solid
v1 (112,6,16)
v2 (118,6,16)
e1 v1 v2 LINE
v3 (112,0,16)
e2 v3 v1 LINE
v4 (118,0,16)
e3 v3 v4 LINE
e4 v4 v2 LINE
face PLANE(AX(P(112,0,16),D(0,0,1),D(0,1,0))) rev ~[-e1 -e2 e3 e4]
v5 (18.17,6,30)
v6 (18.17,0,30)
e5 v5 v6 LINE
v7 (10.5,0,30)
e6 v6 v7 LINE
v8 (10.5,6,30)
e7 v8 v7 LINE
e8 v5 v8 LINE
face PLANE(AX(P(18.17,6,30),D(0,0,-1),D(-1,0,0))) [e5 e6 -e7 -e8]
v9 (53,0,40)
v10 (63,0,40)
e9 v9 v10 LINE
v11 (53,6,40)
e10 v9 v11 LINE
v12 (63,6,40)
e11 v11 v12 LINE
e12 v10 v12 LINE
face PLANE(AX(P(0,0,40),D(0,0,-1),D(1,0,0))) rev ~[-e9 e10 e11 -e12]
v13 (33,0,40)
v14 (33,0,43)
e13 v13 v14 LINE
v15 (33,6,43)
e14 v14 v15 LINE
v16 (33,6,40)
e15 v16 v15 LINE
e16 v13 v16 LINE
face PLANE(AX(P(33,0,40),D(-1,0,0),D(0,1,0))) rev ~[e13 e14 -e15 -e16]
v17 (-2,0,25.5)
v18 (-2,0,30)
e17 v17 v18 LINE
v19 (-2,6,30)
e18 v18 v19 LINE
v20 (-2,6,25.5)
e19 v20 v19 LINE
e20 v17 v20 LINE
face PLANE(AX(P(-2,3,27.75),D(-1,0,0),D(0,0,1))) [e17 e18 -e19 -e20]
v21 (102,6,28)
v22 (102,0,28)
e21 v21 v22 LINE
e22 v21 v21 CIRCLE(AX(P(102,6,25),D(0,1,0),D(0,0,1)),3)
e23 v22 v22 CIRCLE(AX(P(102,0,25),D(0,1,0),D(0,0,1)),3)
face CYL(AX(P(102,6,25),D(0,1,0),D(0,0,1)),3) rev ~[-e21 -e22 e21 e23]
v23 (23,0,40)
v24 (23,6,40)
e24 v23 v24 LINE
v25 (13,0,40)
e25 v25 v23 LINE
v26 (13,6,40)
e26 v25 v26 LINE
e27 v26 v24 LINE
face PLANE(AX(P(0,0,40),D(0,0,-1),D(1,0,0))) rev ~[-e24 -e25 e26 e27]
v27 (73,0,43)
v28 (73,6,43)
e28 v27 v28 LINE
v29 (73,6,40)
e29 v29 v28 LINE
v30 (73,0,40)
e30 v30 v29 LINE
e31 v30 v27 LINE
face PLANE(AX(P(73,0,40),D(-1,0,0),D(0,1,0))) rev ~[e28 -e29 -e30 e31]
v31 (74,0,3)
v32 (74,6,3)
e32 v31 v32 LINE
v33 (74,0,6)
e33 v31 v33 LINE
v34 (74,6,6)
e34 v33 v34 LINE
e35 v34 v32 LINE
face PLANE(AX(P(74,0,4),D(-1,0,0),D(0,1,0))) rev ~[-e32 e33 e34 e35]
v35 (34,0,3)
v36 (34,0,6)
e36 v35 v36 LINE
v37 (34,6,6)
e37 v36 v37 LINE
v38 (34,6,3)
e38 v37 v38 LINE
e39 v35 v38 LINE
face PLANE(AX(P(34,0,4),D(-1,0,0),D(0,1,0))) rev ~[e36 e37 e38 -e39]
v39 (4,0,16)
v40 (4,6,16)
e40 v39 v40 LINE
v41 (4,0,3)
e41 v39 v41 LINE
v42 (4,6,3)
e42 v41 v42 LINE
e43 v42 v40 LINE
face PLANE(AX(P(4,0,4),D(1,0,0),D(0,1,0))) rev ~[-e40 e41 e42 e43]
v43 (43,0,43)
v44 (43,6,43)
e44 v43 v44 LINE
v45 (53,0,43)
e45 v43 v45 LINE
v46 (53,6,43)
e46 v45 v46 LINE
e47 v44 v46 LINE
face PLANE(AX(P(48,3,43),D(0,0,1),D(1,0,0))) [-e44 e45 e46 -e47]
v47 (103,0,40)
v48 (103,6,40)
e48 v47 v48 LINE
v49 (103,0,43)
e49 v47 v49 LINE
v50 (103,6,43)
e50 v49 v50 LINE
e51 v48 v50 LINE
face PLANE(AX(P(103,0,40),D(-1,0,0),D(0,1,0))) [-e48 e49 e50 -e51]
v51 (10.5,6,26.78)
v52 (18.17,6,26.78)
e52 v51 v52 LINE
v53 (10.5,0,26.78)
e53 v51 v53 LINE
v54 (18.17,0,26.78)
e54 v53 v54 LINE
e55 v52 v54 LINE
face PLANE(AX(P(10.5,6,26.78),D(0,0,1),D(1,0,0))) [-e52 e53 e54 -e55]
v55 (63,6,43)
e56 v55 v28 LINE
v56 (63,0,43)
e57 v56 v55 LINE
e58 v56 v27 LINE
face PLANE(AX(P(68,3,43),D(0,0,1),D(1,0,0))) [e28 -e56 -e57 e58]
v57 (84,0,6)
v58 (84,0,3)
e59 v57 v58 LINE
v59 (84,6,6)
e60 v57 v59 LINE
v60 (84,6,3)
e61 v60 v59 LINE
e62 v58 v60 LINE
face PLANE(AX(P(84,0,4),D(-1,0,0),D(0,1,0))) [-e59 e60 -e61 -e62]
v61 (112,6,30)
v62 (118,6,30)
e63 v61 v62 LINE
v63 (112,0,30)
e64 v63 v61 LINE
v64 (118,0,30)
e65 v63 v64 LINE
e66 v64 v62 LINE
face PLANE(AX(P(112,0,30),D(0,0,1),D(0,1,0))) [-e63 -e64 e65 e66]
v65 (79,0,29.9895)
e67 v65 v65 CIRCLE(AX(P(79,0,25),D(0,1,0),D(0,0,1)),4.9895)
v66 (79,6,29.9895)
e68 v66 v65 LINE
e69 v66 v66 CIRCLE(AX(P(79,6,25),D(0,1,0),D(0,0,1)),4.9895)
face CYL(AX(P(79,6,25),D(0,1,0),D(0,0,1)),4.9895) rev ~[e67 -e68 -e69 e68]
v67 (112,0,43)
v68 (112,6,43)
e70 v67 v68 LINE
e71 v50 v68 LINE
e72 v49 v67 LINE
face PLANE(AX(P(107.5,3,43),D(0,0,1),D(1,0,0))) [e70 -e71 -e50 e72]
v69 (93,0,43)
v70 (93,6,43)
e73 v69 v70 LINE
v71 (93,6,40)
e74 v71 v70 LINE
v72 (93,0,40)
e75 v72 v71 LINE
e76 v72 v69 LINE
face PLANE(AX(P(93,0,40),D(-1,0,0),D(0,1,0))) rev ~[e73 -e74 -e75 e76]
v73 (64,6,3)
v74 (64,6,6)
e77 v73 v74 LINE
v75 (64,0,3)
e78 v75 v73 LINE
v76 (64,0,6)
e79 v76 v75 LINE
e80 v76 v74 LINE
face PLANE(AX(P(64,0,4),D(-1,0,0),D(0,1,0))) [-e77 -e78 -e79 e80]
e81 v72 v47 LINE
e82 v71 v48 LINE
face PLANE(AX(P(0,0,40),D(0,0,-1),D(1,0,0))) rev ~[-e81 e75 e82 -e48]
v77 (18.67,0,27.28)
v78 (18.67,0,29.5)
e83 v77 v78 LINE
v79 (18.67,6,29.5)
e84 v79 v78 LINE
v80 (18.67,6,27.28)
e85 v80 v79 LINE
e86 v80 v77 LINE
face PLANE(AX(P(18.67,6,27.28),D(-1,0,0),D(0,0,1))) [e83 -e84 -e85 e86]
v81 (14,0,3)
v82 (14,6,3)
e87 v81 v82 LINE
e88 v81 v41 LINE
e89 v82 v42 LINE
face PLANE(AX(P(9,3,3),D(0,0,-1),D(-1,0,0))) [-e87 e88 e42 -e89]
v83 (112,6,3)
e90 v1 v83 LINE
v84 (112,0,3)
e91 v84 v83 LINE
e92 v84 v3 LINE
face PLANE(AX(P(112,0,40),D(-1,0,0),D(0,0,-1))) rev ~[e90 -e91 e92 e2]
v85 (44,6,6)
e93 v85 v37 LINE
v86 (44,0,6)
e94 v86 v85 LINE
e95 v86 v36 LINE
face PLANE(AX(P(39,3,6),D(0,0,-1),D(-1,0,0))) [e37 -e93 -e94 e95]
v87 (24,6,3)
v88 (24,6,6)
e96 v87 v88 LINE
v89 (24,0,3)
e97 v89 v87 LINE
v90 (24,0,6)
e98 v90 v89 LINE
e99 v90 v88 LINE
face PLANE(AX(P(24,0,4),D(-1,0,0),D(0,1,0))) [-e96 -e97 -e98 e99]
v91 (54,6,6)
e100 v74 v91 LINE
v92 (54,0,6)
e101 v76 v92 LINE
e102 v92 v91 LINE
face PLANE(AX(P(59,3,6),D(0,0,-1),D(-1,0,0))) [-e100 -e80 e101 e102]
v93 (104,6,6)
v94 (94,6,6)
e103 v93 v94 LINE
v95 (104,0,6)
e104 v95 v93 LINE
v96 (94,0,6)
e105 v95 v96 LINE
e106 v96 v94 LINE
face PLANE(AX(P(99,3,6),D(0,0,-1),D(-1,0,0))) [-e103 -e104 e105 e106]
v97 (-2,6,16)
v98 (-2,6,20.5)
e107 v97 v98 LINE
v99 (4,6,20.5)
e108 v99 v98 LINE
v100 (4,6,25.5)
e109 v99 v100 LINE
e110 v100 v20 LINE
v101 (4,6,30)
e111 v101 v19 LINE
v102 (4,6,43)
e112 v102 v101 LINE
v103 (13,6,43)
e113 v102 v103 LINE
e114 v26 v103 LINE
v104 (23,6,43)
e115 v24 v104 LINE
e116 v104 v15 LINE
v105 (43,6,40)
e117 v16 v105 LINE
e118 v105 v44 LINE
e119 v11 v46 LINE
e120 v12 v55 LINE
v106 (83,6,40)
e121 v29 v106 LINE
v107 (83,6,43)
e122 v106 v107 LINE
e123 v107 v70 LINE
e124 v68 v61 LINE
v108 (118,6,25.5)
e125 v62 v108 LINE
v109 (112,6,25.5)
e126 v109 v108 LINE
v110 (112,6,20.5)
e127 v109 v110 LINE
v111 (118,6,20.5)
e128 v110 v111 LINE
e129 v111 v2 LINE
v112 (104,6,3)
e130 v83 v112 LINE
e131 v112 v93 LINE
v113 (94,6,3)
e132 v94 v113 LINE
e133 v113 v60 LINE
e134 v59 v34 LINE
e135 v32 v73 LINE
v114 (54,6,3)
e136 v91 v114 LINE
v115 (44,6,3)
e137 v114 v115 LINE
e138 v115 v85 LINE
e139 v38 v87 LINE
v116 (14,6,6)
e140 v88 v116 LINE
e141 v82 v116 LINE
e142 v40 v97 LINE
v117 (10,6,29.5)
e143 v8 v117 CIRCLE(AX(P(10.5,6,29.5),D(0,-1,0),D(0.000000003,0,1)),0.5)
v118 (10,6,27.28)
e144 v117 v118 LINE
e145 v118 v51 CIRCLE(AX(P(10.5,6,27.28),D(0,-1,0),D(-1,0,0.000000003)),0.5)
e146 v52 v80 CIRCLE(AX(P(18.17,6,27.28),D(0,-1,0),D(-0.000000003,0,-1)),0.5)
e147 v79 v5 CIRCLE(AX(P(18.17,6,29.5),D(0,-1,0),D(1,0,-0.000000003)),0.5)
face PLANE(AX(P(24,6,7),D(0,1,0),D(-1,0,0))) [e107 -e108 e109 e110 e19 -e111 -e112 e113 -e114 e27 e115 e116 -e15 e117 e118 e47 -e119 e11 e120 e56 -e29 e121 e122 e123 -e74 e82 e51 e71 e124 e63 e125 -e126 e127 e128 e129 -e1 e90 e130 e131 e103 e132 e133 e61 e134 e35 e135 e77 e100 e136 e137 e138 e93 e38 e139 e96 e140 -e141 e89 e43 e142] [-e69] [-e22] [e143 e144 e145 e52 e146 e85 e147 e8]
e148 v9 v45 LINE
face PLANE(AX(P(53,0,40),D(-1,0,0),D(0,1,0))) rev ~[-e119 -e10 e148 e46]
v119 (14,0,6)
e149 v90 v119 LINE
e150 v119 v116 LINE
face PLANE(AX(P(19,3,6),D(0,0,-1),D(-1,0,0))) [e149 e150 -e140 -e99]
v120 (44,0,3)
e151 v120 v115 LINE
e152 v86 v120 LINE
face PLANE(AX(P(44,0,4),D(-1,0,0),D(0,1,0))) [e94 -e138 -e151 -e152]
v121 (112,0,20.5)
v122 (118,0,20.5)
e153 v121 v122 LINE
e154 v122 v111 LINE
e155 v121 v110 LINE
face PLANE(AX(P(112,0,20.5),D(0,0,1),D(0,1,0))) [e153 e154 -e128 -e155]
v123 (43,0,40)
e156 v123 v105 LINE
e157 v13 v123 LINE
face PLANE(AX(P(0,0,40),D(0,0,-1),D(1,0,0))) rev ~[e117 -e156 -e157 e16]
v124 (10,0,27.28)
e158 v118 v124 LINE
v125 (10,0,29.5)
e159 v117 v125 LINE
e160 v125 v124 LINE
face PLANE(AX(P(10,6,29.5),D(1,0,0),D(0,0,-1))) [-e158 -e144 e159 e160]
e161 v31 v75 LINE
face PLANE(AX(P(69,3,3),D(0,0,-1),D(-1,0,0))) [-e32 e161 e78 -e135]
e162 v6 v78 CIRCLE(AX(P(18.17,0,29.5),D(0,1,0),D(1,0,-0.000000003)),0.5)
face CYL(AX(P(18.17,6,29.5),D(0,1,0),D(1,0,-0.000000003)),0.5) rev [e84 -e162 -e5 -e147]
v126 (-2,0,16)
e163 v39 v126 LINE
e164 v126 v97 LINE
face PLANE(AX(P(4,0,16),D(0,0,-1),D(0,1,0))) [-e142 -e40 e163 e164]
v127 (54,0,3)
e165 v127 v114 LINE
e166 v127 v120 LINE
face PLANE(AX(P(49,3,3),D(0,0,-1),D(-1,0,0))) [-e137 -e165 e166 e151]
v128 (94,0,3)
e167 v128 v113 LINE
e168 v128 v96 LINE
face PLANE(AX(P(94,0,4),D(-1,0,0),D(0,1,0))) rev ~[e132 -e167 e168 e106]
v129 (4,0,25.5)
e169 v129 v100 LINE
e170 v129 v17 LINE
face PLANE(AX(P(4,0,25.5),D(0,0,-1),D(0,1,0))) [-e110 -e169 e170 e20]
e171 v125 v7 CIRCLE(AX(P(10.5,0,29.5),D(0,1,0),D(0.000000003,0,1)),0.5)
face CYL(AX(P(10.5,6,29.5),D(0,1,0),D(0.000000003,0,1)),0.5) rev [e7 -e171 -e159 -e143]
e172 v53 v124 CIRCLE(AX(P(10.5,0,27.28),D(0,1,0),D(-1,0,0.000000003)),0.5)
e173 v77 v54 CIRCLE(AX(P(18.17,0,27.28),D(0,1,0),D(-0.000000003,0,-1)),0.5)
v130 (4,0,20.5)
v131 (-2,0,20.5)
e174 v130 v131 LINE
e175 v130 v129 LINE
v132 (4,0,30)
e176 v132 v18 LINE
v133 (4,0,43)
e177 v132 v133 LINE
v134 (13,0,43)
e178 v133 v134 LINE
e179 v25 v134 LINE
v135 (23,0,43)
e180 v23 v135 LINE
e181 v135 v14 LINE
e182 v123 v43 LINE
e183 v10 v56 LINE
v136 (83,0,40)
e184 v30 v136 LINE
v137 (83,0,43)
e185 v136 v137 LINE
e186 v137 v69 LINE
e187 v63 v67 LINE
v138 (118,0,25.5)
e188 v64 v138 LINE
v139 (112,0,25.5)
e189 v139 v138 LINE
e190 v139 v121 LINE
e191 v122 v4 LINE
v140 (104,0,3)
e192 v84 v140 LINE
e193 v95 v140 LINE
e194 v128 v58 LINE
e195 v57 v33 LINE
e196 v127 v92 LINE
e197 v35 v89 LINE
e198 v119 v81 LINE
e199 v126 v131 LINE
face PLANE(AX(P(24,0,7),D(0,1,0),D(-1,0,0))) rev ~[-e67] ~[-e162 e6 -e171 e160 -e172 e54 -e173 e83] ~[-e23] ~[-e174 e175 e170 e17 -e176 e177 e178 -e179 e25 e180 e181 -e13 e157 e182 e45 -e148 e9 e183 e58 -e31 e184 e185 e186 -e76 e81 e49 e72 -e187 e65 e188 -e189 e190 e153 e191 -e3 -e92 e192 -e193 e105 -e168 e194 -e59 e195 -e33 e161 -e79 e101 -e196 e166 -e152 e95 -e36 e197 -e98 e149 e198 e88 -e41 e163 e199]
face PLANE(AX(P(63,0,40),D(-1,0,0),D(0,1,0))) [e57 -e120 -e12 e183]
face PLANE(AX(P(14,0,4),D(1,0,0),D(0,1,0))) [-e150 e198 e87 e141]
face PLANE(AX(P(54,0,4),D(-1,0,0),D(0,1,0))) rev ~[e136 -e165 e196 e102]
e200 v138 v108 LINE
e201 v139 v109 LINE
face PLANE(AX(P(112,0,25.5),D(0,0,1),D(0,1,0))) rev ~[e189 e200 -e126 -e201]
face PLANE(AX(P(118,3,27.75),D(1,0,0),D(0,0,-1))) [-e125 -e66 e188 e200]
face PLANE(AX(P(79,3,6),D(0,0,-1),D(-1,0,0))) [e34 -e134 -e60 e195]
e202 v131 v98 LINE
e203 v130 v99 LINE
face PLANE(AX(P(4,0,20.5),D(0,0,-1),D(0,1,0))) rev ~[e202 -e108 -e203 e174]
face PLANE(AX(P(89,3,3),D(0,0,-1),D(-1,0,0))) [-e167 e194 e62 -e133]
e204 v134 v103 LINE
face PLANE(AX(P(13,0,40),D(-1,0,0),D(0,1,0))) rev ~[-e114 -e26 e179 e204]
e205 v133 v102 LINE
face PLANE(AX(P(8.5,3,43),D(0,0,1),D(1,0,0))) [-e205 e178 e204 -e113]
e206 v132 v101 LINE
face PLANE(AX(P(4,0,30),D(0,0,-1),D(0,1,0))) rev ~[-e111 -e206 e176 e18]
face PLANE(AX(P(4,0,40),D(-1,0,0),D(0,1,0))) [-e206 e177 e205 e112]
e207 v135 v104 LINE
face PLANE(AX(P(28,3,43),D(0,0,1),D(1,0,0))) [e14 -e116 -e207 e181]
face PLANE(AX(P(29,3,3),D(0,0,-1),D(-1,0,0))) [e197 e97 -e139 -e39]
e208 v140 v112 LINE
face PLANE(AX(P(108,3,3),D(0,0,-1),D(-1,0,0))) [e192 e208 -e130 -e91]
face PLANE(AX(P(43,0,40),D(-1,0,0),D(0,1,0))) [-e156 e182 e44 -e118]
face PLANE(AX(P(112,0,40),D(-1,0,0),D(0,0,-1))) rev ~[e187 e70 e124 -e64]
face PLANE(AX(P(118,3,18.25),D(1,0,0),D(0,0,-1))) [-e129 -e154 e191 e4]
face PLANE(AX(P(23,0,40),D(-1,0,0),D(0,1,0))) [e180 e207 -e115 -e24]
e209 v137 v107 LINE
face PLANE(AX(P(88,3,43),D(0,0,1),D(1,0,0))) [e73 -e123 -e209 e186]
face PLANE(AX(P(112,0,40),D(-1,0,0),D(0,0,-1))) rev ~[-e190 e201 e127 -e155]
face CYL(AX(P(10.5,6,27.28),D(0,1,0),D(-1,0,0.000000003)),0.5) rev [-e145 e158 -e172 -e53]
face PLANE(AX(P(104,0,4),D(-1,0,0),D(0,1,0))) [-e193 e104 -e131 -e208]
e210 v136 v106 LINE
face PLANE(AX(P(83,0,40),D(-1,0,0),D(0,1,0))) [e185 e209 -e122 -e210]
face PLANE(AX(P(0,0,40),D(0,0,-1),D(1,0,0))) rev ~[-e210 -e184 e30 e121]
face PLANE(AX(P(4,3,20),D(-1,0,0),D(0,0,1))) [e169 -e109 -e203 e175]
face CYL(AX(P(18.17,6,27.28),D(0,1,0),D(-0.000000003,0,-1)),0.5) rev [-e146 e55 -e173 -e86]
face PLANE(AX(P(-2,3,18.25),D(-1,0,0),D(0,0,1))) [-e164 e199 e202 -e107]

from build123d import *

# Parameters (mm, degrees)
SKETCH_1_W          = 112
SKETCH_1_H          = 40
EXTRUDE_1_DEPTH     = 6
SKETCH_2_R          = 3
CUT_EXTRUDE_1_DEPTH = 120.079805173
CUT_EXTRUDE_2_DEPTH = 10
SKETCH_4_R          = 4.9895
CUT_EXTRUDE_3_DEPTH = 120.079805173
SKETCH_6_W          = 4.5
SKETCH_6_H          = 6
EXTRUDE_3_DEPTH     = 6
SKETCH_11_W         = 40
SKETCH_11_H         = 6
CUT_EXTRUDE_4_DEPTH = 4
SKETCH_12_W         = 4.5
SKETCH_12_H         = 6
EXTRUDE_10_DEPTH    = 6
SKETCH_13_W         = 9
SKETCH_13_H         = 6
SKETCH_13_W_2       = 10
EXTRUDE_11_DEPTH    = 3
SKETCH_14_W         = 108
SKETCH_14_H         = 6
CUT_EXTRUDE_5_DEPTH = 2
SKETCH_15_W         = 108
SKETCH_15_H         = 6
CUT_EXTRUDE_6_DEPTH = 2
SKETCH_16_W         = 10
SKETCH_16_H         = 6
CUT_EXTRUDE_7_DEPTH = 3
SKETCH_17_W         = 10
SKETCH_17_H         = 6
SKETCH_17_W_2       = 8
EXTRUDE_12_DEPTH    = 1
SKETCH_18_W         = 10
SKETCH_18_H         = 6
EXTRUDE_13_DEPTH    = 1


with BuildPart() as part:
    # Эскиз1 → Бобышка-Вытянуть1 (new body)
    with BuildSketch(Plane(origin=(0, 0, 0), x_dir=(1, 0, 0), z_dir=(0, 1, 0))):
        with Locations((56, -20)):
            Rectangle(SKETCH_1_W, SKETCH_1_H)
    extrude(amount=EXTRUDE_1_DEPTH)

    # Эскиз2 → Вырез-Вытянуть1 (cut, through all)
    with BuildSketch(Plane(origin=(0, 6, 0), x_dir=(1, 0, 0), z_dir=(0, 1, 0))):
        with Locations(Location((102, -25, 0), (0, 0, 270))):
            Circle(SKETCH_2_R)
    extrude(amount=-CUT_EXTRUDE_1_DEPTH, mode=Mode.SUBTRACT)

    # Эскиз3 → Вырез-Вытянуть2 (cut)
    with BuildSketch(Plane(origin=(0, 6, 0), x_dir=(1, 0, 0), z_dir=(0, 1, 0))):
        with BuildLine():
            Line((10.5, -26.78), (18.17, -26.78))
            ThreePointArc((18.17, -26.78), (18.523553391, -26.926446609), (18.67, -27.28))
            Line((18.67, -27.28), (18.67, -29.5))
            ThreePointArc((18.67, -29.5), (18.523553391, -29.853553391), (18.17, -30))
            Line((18.17, -30), (10.5, -30))
            ThreePointArc((10.5, -30), (10.146446609, -29.853553391), (10, -29.5))
            Line((10, -29.5), (10, -27.28))
            ThreePointArc((10, -27.28), (10.146446609, -26.926446609), (10.5, -26.78))
        make_face()
    extrude(amount=-CUT_EXTRUDE_2_DEPTH, mode=Mode.SUBTRACT)

    # Эскиз4 → Вырез-Вытянуть3 (cut, through all)
    with BuildSketch(Plane(origin=(0, 6, 0), x_dir=(1, 0, 0), z_dir=(0, 1, 0))):
        with Locations(Location((79, -25, 0), (0, 0, 270))):
            Circle(SKETCH_4_R)
    extrude(amount=-CUT_EXTRUDE_3_DEPTH, mode=Mode.SUBTRACT)

    # Эскиз6 → Бобышка-Вытянуть3 (add)
    with BuildSketch(Plane(origin=(112, 0, 0), x_dir=(0, 0, -1), z_dir=(1, 0, 0))):
        with Locations((-27.75, 3)):
            Rectangle(SKETCH_6_W, SKETCH_6_H)
        with Locations((-18.25, 3)):
            Rectangle(SKETCH_6_W, SKETCH_6_H)
    extrude(amount=EXTRUDE_3_DEPTH)

    # Эскиз11 → Вырез-Вытянуть4 (cut)
    with BuildSketch(Plane.ZY):
        with Locations((20, 3)):
            Rectangle(SKETCH_11_W, SKETCH_11_H)
    extrude(amount=-CUT_EXTRUDE_4_DEPTH, mode=Mode.SUBTRACT)

    # Эскиз12 → Бобышка-Вытянуть10 (add)
    with BuildSketch(Plane.ZY.offset(-4)):
        with Locations((18.25, 3)):
            Rectangle(SKETCH_12_W, SKETCH_12_H)
        with Locations((27.75, 3)):
            Rectangle(SKETCH_12_W, SKETCH_12_H)
    extrude(amount=EXTRUDE_10_DEPTH)

    # Эскиз13 → Бобышка-Вытянуть11 (add)
    with BuildSketch(Plane.XY.offset(40)):
        with Locations((8.5, 3)):
            Rectangle(SKETCH_13_W, SKETCH_13_H)
        with Locations((107.5, 3)):
            Rectangle(SKETCH_13_W, SKETCH_13_H)
        with Locations((28, 3)):
            Rectangle(SKETCH_13_W_2, SKETCH_13_H)
        with Locations((48, 3)):
            Rectangle(SKETCH_13_W_2, SKETCH_13_H)
        with Locations((68, 3)):
            Rectangle(SKETCH_13_W_2, SKETCH_13_H)
        with Locations((88, 3)):
            Rectangle(SKETCH_13_W_2, SKETCH_13_H)
    extrude(amount=EXTRUDE_11_DEPTH)

    # Эскиз14 → Вырез-Вытянуть5 (cut)
    with BuildSketch(Plane(origin=(0, 0, 0), x_dir=(-1, 0, 0), z_dir=(0, 0, -1))):
        with Locations((-58, 3)):
            Rectangle(SKETCH_14_W, SKETCH_14_H)
    extrude(amount=-CUT_EXTRUDE_5_DEPTH, mode=Mode.SUBTRACT)

    # Эскиз15 → Вырез-Вытянуть6 (cut)
    with BuildSketch(Plane(origin=(0, 0, 2), x_dir=(-1, 0, 0), z_dir=(0, 0, -1))):
        with Locations((-58, 3)):
            Rectangle(SKETCH_15_W, SKETCH_15_H)
    extrude(amount=-CUT_EXTRUDE_6_DEPTH, mode=Mode.SUBTRACT)

    # Эскиз16 → Вырез-Вытянуть7 (cut)
    with BuildSketch(Plane(origin=(0, 0, 4), x_dir=(-1, 0, 0), z_dir=(0, 0, -1))):
        with Locations((-19, 3)):
            Rectangle(SKETCH_16_W, SKETCH_16_H)
        with Locations((-39, 3)):
            Rectangle(SKETCH_16_W, SKETCH_16_H)
        with Locations((-59, 3)):
            Rectangle(SKETCH_16_W, SKETCH_16_H)
        with Locations((-79, 3)):
            Rectangle(SKETCH_16_W, SKETCH_16_H)
        with Locations((-99, 3)):
            Rectangle(SKETCH_16_W, SKETCH_16_H)
    extrude(amount=-CUT_EXTRUDE_7_DEPTH, mode=Mode.SUBTRACT)

    # Эскиз17 → Бобышка-Вытянуть12 (add)
    with BuildSketch(Plane(origin=(0, 0, 4), x_dir=(-1, 0, 0), z_dir=(0, 0, -1))):
        with Locations((-9, 3)):
            Rectangle(SKETCH_17_W, SKETCH_17_H)
        with Locations((-29, 3)):
            Rectangle(SKETCH_17_W, SKETCH_17_H)
        with Locations((-49, 3)):
            Rectangle(SKETCH_17_W, SKETCH_17_H)
        with Locations((-69, 3)):
            Rectangle(SKETCH_17_W, SKETCH_17_H)
        with Locations((-89, 3)):
            Rectangle(SKETCH_17_W, SKETCH_17_H)
        with Locations((-108, 3)):
            Rectangle(SKETCH_17_W_2, SKETCH_17_H)
    extrude(amount=EXTRUDE_12_DEPTH)

    # Эскиз18 → Бобышка-Вытянуть13 (add)
    with BuildSketch(Plane(origin=(0, 0, 7), x_dir=(-1, 0, 0), z_dir=(0, 0, -1))):
        with Locations((-19, 3)):
            Rectangle(SKETCH_18_W, SKETCH_18_H)
        with Locations((-39, 3)):
            Rectangle(SKETCH_18_W, SKETCH_18_H)
        with Locations((-59, 3)):
            Rectangle(SKETCH_18_W, SKETCH_18_H)
        with Locations((-79, 3)):
            Rectangle(SKETCH_18_W, SKETCH_18_H)
        with Locations((-99, 3)):
            Rectangle(SKETCH_18_W, SKETCH_18_H)
    extrude(amount=EXTRUDE_13_DEPTH)


solid = part.part
